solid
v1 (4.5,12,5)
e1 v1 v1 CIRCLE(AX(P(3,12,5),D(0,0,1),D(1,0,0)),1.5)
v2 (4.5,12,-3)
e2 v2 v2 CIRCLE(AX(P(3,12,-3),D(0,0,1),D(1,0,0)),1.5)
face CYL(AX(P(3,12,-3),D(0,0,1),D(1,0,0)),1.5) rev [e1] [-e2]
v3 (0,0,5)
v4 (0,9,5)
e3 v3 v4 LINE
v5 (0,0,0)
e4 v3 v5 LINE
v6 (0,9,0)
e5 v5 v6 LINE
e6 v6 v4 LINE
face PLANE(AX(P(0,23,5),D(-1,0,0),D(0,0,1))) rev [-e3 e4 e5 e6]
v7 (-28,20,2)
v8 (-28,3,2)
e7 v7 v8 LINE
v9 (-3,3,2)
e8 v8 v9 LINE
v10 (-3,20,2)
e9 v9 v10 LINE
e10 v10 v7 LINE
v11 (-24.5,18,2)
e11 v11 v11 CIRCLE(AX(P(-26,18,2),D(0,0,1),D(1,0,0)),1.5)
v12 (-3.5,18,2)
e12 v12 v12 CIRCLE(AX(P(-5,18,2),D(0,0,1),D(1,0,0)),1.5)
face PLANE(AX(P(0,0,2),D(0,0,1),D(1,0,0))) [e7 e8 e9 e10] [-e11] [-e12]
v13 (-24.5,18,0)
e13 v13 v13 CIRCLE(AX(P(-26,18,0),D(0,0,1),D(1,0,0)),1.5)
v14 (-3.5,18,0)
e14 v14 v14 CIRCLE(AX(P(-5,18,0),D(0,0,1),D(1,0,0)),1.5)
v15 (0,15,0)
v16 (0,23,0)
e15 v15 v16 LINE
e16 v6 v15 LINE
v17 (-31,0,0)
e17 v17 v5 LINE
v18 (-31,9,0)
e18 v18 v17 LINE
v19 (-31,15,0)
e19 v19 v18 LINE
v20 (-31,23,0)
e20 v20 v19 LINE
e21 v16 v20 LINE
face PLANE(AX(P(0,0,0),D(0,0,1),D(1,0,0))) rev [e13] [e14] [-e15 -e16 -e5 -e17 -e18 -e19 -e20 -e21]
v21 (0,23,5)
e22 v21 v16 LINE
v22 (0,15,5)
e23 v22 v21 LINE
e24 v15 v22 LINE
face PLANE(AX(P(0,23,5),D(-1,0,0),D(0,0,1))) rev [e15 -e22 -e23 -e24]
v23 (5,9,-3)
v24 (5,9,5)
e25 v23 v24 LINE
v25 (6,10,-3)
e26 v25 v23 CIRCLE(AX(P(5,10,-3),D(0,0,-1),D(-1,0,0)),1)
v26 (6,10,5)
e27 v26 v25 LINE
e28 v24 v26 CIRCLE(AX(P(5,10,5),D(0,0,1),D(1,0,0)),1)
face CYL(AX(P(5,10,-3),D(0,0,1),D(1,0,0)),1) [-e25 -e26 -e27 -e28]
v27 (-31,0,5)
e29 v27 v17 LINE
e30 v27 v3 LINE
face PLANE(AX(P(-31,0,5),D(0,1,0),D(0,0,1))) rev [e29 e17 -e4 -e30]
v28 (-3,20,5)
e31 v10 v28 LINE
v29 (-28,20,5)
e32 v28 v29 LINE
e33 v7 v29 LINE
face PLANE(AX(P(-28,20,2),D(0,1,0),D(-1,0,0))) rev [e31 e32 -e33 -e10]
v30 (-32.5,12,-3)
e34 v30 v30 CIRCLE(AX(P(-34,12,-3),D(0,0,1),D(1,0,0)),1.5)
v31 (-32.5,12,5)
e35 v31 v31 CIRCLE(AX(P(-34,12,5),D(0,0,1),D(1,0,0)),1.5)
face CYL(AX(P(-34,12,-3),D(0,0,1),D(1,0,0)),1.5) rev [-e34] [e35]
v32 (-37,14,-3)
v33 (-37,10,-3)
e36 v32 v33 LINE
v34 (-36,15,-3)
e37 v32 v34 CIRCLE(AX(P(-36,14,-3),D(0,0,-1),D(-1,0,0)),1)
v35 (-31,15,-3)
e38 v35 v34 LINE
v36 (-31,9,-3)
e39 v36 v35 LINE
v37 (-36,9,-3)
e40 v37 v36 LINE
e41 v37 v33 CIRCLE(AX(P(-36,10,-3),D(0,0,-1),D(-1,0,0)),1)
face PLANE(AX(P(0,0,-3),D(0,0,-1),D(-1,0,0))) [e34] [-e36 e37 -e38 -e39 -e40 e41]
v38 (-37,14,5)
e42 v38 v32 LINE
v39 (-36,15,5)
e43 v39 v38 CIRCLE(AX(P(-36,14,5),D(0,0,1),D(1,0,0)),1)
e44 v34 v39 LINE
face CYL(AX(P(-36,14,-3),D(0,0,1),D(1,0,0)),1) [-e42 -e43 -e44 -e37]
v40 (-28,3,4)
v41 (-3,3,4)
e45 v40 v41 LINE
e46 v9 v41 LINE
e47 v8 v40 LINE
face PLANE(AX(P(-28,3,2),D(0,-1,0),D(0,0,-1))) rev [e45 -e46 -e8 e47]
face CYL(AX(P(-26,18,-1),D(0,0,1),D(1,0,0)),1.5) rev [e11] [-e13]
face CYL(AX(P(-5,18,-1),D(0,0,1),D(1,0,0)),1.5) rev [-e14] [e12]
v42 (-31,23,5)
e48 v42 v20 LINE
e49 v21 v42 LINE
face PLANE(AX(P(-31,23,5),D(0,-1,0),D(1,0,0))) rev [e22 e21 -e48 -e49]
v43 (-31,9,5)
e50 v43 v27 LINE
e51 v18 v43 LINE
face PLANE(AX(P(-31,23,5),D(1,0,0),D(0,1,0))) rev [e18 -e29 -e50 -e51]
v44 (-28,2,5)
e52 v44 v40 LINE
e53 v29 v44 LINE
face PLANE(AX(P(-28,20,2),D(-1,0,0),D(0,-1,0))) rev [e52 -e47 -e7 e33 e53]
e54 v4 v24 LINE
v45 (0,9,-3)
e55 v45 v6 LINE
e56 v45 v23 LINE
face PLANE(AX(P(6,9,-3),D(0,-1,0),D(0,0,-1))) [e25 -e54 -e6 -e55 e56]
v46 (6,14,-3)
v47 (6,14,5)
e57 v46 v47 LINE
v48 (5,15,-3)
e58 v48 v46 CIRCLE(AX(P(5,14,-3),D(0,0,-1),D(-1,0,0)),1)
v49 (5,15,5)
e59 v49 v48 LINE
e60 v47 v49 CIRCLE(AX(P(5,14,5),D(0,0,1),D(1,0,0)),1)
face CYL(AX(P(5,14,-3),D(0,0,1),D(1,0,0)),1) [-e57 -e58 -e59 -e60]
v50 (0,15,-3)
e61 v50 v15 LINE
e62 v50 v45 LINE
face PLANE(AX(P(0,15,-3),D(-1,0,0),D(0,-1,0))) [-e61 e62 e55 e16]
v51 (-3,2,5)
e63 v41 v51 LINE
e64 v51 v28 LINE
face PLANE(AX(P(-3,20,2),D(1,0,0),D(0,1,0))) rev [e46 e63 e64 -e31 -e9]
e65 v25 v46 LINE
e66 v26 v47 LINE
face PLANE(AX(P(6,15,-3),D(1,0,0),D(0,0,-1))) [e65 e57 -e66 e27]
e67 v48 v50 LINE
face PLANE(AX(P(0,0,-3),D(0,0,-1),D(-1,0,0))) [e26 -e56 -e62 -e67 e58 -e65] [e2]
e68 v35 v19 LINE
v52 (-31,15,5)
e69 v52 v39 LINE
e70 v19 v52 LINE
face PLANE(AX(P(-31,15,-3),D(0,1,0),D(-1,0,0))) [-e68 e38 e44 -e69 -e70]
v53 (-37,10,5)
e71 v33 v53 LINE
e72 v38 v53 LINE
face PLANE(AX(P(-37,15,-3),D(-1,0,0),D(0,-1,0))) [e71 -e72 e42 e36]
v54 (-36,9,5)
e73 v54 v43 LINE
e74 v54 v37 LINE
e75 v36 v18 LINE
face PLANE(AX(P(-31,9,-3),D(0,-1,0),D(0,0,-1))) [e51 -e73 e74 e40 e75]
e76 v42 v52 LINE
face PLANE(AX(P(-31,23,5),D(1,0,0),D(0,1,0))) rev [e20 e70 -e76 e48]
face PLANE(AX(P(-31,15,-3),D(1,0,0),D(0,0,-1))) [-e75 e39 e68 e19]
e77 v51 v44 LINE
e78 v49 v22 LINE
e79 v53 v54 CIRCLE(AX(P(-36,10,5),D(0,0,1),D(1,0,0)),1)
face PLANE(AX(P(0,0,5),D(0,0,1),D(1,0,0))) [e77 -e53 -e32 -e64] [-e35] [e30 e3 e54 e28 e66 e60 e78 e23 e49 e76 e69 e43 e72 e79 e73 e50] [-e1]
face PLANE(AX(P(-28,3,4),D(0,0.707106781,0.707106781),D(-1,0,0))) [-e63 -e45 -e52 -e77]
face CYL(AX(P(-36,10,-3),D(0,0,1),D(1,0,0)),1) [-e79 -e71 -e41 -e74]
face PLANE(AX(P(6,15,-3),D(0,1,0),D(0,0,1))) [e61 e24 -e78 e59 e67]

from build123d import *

# Parameters (mm, degrees)
ESQUISSE1_W             = 31
ESQUISSE1_H             = 23
BOSS_EXTRU_1_DEPTH      = 5
ESQUISSE2_W             = 25
ESQUISSE2_H             = 17
ENL_V_MAT_EXTRU_1_DEPTH = 3
ESQUISSE4_W             = 6
ESQUISSE4_H             = 6
BOSS_EXTRU_3_DEPTH      = 8
CHANFREIN2_SIZE         = 1
CONG_2_R                = 1
ESQUISSE3_R             = 1.5
ENL_V_MAT_EXTRU_2_DEPTH = 3
ESQUISSE5_R             = 1.5
ENL_V_MAT_EXTRU_3_DEPTH = 9


with BuildPart() as part:
    # Esquisse1 → Boss.-Extru.1 (new body)
    with BuildSketch(Plane.XY):
        with Locations((-15.5, 11.5)):
            Rectangle(ESQUISSE1_W, ESQUISSE1_H)
    extrude(amount=BOSS_EXTRU_1_DEPTH)

    # Esquisse2 → Enlèv. mat.-Extru.1 (cut)
    with BuildSketch(Plane.XY.offset(5)):
        with Locations((-15.5, 11.5)):
            Rectangle(ESQUISSE2_W, ESQUISSE2_H)
    extrude(amount=-ENL_V_MAT_EXTRU_1_DEPTH, mode=Mode.SUBTRACT)

    # Esquisse4 → Boss.-Extru.3 (add)
    with BuildSketch(Plane.XY.offset(5)):
        with Locations((-34, 12)):
            Rectangle(ESQUISSE4_W, ESQUISSE4_H)
        with Locations((3, 12)):
            Rectangle(ESQUISSE4_W, ESQUISSE4_H)
    extrude(amount=-BOSS_EXTRU_3_DEPTH)

    # Chanfrein2
    chanfrein2_edges = [part.edges().sort_by_distance(p)[0] for p in [
        (-15.5, 3, 5),
    ]]
    chamfer(chanfrein2_edges, length=CHANFREIN2_SIZE)

    # Congé2
    cong_2_edges = [part.edges().sort_by_distance(p)[0] for p in [
        (-37, 15, 1),
        (6, 15, 1),
        (6, 9, 1),
        (-37, 9, 1),
    ]]
    fillet(cong_2_edges, radius=CONG_2_R)

    # Esquisse3 → Enlèv. mat.-Extru.2 (cut)
    with BuildSketch(Plane.XY.offset(2)):
        with Locations((-26, 18)):
            Circle(ESQUISSE3_R)
        with Locations((-5, 18)):
            Circle(ESQUISSE3_R)
    extrude(amount=-ENL_V_MAT_EXTRU_2_DEPTH, mode=Mode.SUBTRACT)

    # Esquisse5 → Enlèv. mat.-Extru.3 (cut, through all)
    with BuildSketch(Plane.XY.offset(5)):
        with Locations((-34, 12)):
            Circle(ESQUISSE5_R)
        with Locations((3, 12)):
            Circle(ESQUISSE5_R)
    extrude(amount=-ENL_V_MAT_EXTRU_3_DEPTH, mode=Mode.SUBTRACT)


solid = part.part
